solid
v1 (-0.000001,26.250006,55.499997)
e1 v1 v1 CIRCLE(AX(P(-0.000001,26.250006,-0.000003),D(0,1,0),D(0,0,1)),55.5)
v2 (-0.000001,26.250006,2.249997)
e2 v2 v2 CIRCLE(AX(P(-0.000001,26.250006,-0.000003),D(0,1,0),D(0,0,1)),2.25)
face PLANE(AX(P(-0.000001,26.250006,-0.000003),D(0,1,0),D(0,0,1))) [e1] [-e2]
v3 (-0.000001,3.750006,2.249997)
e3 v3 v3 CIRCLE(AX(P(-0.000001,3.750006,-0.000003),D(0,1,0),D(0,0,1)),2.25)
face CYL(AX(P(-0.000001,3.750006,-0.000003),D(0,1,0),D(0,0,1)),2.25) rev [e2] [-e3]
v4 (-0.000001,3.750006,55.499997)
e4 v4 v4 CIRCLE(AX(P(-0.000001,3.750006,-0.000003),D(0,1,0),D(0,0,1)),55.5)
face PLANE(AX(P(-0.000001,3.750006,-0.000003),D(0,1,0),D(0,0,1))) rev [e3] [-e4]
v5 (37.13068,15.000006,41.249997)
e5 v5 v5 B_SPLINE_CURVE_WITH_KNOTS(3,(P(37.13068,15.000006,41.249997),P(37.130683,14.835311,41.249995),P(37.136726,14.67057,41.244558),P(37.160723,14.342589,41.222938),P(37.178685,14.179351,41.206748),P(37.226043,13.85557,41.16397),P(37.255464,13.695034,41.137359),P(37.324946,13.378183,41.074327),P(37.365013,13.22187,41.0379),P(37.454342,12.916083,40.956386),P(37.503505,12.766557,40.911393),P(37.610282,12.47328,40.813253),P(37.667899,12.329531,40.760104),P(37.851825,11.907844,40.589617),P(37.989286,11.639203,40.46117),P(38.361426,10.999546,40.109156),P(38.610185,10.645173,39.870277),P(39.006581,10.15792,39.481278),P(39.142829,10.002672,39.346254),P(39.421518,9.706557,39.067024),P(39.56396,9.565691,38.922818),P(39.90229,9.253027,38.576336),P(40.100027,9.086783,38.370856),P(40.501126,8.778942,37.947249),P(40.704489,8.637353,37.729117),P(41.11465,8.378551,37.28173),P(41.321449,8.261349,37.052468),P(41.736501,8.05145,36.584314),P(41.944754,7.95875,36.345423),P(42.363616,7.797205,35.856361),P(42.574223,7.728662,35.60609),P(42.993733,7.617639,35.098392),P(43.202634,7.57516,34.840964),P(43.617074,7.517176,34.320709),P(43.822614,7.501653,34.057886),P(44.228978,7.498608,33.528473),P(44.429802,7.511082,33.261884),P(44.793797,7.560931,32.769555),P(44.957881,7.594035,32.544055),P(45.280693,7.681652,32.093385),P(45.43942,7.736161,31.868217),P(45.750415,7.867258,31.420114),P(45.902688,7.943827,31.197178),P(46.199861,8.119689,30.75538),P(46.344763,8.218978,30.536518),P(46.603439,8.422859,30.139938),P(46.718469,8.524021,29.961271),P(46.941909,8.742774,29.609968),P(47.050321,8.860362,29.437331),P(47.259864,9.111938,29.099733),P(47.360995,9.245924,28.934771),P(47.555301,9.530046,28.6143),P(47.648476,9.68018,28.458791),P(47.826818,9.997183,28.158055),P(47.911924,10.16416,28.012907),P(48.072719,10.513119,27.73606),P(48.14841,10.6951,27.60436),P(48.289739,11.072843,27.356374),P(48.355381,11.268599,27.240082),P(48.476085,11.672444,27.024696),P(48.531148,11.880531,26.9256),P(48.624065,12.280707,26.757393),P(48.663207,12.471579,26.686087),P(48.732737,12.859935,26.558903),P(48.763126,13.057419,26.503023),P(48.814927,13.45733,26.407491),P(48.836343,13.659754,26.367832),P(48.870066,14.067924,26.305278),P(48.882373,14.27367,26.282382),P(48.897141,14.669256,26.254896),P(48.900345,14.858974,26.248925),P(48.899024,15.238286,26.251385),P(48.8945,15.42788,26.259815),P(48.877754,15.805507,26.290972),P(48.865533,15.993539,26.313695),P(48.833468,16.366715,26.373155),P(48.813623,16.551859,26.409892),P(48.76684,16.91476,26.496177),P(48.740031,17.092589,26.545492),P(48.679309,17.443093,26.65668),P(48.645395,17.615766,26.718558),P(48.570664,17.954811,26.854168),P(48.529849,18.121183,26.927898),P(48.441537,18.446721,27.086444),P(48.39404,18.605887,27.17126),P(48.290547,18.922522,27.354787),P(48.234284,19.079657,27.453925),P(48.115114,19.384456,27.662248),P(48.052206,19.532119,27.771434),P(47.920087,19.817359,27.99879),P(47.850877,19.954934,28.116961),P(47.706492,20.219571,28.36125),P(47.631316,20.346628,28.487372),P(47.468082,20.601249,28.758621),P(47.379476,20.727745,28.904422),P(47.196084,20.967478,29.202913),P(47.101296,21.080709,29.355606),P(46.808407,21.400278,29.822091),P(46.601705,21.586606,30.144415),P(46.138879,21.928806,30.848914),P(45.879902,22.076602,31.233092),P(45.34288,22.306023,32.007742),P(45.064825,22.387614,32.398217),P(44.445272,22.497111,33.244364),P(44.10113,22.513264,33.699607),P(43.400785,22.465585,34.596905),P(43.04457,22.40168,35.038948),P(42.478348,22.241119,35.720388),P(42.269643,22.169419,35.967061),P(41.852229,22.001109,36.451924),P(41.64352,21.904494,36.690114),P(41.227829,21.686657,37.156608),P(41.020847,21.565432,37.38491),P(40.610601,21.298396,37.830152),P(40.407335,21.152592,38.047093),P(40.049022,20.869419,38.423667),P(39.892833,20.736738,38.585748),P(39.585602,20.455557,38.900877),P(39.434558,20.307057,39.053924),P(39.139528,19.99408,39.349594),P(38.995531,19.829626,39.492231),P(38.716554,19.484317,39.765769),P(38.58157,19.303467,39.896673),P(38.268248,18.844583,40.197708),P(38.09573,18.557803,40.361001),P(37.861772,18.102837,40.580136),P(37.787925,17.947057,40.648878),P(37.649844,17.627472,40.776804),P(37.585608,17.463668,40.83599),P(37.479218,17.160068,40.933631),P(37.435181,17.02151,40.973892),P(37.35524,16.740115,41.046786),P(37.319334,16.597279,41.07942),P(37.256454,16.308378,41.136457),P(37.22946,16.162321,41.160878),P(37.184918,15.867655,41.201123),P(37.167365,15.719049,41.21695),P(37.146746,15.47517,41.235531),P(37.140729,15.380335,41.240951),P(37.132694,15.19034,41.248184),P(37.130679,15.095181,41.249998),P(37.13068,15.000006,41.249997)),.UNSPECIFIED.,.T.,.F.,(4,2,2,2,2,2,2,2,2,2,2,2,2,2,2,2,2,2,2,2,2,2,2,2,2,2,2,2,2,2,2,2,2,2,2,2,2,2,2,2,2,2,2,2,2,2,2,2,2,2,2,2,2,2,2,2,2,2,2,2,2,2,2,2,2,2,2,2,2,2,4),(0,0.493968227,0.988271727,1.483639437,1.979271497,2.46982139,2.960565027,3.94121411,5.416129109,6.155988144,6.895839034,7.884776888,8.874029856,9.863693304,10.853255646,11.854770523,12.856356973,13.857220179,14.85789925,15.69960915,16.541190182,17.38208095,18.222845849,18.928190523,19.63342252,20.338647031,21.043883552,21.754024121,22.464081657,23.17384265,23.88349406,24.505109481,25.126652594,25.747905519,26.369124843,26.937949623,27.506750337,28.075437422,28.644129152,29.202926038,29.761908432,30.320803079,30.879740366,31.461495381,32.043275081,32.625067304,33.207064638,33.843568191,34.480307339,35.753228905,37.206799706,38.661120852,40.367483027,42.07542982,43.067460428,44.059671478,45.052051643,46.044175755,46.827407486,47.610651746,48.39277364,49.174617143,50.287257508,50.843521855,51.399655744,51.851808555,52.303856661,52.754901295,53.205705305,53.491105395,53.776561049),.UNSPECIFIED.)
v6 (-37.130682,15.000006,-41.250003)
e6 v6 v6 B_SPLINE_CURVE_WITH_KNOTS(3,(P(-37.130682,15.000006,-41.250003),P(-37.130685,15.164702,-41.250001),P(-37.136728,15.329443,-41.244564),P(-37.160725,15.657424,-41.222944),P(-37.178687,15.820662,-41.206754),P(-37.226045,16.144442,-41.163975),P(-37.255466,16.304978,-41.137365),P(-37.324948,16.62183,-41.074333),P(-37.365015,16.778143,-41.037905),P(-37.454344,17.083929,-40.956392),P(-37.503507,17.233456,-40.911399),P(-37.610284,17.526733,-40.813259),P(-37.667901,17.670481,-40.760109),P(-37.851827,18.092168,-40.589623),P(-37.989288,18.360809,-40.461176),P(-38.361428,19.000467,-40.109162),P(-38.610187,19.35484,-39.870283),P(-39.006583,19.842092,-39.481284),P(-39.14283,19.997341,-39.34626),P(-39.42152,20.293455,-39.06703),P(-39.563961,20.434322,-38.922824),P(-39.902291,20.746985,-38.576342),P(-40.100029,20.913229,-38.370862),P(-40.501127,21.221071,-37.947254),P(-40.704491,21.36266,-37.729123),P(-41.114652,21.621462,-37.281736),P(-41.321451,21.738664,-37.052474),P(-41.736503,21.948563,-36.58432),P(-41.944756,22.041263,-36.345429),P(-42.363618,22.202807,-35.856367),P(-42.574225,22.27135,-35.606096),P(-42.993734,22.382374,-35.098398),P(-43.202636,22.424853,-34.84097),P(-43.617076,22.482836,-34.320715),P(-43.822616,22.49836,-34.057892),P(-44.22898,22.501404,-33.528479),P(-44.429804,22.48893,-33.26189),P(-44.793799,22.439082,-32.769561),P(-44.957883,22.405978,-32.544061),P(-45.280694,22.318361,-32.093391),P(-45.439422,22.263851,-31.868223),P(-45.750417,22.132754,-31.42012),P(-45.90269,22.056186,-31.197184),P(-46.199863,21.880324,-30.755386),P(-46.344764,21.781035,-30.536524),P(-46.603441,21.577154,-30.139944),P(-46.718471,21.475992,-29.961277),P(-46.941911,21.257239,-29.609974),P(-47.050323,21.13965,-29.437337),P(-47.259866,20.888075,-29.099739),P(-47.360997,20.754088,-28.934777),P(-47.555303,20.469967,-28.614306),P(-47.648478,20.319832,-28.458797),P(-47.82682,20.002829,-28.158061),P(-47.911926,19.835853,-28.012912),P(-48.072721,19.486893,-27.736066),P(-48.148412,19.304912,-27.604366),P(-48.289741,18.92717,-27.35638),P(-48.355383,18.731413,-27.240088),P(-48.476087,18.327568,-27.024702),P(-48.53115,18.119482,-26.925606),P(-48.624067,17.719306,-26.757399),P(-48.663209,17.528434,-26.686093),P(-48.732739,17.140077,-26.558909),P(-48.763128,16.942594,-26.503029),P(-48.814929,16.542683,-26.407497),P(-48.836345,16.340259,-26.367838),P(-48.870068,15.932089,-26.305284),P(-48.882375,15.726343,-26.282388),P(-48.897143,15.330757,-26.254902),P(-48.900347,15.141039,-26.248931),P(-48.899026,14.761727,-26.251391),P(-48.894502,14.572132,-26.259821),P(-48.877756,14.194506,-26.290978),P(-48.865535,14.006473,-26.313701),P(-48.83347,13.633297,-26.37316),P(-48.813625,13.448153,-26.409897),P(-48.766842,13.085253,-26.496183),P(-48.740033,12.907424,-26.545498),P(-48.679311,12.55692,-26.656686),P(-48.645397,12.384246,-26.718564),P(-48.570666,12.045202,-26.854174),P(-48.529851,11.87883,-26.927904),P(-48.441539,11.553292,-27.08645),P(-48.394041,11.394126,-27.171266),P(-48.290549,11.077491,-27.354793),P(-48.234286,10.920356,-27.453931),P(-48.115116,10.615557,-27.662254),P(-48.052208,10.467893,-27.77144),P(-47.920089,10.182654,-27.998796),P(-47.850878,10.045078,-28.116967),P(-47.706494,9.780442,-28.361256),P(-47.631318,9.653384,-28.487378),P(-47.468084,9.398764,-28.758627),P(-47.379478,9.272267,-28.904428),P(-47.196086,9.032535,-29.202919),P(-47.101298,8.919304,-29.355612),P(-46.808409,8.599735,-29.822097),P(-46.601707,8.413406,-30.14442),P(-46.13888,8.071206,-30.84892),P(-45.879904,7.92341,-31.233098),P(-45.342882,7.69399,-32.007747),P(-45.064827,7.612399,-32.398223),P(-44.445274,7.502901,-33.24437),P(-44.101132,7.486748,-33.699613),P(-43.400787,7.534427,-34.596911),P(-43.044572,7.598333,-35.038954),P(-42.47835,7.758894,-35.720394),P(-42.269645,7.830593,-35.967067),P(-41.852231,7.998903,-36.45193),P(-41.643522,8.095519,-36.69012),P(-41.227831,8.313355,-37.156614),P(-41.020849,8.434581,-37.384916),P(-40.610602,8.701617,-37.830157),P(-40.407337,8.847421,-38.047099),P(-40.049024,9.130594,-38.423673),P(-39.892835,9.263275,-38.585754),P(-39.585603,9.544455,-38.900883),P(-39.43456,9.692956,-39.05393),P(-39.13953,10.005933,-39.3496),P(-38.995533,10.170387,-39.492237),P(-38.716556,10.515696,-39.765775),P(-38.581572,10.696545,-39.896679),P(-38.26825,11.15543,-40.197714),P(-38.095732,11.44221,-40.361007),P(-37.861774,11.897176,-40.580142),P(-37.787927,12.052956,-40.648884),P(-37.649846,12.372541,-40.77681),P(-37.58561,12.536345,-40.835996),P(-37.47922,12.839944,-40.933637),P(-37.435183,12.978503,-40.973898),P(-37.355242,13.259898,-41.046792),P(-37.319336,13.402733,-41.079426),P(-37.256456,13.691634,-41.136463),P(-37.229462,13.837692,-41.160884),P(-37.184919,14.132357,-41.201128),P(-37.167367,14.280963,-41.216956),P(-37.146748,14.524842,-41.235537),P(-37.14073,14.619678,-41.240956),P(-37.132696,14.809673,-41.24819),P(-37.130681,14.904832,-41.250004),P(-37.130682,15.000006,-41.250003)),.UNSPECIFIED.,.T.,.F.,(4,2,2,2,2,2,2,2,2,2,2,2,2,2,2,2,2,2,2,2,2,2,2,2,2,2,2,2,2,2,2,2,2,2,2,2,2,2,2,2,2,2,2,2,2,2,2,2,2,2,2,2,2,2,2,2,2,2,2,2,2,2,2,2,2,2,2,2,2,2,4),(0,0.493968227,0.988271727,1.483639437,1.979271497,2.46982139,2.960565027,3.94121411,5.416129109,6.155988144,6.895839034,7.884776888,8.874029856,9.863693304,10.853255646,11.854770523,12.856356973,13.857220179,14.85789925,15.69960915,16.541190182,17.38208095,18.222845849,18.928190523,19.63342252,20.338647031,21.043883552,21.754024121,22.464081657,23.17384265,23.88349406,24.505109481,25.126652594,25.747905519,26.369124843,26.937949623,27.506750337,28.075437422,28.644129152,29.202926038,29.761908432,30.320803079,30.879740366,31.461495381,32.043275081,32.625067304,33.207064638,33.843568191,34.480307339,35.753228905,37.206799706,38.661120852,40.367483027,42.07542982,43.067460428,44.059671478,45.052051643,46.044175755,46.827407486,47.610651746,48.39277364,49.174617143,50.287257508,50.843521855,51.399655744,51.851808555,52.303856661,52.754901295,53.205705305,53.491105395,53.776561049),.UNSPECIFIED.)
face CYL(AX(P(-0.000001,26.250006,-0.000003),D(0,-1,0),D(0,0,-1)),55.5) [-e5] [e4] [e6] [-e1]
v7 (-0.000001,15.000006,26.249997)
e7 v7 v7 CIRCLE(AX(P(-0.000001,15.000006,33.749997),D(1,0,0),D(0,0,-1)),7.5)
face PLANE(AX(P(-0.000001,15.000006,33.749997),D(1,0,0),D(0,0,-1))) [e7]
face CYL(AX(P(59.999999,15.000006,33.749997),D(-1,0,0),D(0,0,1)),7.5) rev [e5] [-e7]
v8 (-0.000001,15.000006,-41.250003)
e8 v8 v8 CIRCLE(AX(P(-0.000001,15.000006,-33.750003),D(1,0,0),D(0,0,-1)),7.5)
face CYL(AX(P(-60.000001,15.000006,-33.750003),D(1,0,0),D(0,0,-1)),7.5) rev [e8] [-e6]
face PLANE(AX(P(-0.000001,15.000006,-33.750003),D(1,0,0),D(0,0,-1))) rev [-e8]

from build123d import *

# Parameters (mm, degrees)
SKETCH1_R           = 74
BOSS_EXTRUDE1_DEPTH = 30
SKETCH2_R           = 10
CUT_EXTRUDE1_DEPTH  = 80
SKETCH3_R           = 10
CUT_EXTRUDE2_DEPTH  = 80
SKETCH6_R           = 3
CUT_EXTRUDE4_DEPTH  = 30
SCALE1_SCALE        = 0.75


with BuildPart() as part:
    # Sketch1 → Boss-Extrude1 (new body)
    with BuildSketch(Plane(origin=(0, 0, 0), x_dir=(1, 0, 0), z_dir=(0, 1, 0))):
        Circle(SKETCH1_R)
    extrude(amount=BOSS_EXTRUDE1_DEPTH)

    # Sketch2 → Cut-Extrude1 (cut)
    with BuildSketch(Plane(origin=(0, 0, 0), x_dir=(0, 0, -1), z_dir=(1, 0, 0))):
        with Locations((45, 15)):
            Circle(SKETCH2_R)
    extrude(amount=-CUT_EXTRUDE1_DEPTH, mode=Mode.SUBTRACT)

    # Sketch3 → Cut-Extrude2 (cut)
    with BuildSketch(Plane(origin=(0, 0, 0), x_dir=(0, 0, -1), z_dir=(1, 0, 0))):
        with Locations((-45, 15)):
            Circle(SKETCH3_R)
    extrude(amount=CUT_EXTRUDE2_DEPTH, mode=Mode.SUBTRACT)

    # Sketch6 → Cut-Extrude4 (cut)
    with BuildSketch(Plane(origin=(0, 30, 0), x_dir=(1, 0, 0), z_dir=(0, 1, 0))):
        Circle(SKETCH6_R)
    extrude(amount=-CUT_EXTRUDE4_DEPTH, mode=Mode.SUBTRACT)


with BuildPart() as part_1:
    # Scale1: scaled about (-3.1666e-05, 14.999981435, 5.427e-06)
    add(part.part.scale(SCALE1_SCALE).moved(Location((-7.916e-06, 3.749995359, 1.357e-06))))


solid = part_1.part
